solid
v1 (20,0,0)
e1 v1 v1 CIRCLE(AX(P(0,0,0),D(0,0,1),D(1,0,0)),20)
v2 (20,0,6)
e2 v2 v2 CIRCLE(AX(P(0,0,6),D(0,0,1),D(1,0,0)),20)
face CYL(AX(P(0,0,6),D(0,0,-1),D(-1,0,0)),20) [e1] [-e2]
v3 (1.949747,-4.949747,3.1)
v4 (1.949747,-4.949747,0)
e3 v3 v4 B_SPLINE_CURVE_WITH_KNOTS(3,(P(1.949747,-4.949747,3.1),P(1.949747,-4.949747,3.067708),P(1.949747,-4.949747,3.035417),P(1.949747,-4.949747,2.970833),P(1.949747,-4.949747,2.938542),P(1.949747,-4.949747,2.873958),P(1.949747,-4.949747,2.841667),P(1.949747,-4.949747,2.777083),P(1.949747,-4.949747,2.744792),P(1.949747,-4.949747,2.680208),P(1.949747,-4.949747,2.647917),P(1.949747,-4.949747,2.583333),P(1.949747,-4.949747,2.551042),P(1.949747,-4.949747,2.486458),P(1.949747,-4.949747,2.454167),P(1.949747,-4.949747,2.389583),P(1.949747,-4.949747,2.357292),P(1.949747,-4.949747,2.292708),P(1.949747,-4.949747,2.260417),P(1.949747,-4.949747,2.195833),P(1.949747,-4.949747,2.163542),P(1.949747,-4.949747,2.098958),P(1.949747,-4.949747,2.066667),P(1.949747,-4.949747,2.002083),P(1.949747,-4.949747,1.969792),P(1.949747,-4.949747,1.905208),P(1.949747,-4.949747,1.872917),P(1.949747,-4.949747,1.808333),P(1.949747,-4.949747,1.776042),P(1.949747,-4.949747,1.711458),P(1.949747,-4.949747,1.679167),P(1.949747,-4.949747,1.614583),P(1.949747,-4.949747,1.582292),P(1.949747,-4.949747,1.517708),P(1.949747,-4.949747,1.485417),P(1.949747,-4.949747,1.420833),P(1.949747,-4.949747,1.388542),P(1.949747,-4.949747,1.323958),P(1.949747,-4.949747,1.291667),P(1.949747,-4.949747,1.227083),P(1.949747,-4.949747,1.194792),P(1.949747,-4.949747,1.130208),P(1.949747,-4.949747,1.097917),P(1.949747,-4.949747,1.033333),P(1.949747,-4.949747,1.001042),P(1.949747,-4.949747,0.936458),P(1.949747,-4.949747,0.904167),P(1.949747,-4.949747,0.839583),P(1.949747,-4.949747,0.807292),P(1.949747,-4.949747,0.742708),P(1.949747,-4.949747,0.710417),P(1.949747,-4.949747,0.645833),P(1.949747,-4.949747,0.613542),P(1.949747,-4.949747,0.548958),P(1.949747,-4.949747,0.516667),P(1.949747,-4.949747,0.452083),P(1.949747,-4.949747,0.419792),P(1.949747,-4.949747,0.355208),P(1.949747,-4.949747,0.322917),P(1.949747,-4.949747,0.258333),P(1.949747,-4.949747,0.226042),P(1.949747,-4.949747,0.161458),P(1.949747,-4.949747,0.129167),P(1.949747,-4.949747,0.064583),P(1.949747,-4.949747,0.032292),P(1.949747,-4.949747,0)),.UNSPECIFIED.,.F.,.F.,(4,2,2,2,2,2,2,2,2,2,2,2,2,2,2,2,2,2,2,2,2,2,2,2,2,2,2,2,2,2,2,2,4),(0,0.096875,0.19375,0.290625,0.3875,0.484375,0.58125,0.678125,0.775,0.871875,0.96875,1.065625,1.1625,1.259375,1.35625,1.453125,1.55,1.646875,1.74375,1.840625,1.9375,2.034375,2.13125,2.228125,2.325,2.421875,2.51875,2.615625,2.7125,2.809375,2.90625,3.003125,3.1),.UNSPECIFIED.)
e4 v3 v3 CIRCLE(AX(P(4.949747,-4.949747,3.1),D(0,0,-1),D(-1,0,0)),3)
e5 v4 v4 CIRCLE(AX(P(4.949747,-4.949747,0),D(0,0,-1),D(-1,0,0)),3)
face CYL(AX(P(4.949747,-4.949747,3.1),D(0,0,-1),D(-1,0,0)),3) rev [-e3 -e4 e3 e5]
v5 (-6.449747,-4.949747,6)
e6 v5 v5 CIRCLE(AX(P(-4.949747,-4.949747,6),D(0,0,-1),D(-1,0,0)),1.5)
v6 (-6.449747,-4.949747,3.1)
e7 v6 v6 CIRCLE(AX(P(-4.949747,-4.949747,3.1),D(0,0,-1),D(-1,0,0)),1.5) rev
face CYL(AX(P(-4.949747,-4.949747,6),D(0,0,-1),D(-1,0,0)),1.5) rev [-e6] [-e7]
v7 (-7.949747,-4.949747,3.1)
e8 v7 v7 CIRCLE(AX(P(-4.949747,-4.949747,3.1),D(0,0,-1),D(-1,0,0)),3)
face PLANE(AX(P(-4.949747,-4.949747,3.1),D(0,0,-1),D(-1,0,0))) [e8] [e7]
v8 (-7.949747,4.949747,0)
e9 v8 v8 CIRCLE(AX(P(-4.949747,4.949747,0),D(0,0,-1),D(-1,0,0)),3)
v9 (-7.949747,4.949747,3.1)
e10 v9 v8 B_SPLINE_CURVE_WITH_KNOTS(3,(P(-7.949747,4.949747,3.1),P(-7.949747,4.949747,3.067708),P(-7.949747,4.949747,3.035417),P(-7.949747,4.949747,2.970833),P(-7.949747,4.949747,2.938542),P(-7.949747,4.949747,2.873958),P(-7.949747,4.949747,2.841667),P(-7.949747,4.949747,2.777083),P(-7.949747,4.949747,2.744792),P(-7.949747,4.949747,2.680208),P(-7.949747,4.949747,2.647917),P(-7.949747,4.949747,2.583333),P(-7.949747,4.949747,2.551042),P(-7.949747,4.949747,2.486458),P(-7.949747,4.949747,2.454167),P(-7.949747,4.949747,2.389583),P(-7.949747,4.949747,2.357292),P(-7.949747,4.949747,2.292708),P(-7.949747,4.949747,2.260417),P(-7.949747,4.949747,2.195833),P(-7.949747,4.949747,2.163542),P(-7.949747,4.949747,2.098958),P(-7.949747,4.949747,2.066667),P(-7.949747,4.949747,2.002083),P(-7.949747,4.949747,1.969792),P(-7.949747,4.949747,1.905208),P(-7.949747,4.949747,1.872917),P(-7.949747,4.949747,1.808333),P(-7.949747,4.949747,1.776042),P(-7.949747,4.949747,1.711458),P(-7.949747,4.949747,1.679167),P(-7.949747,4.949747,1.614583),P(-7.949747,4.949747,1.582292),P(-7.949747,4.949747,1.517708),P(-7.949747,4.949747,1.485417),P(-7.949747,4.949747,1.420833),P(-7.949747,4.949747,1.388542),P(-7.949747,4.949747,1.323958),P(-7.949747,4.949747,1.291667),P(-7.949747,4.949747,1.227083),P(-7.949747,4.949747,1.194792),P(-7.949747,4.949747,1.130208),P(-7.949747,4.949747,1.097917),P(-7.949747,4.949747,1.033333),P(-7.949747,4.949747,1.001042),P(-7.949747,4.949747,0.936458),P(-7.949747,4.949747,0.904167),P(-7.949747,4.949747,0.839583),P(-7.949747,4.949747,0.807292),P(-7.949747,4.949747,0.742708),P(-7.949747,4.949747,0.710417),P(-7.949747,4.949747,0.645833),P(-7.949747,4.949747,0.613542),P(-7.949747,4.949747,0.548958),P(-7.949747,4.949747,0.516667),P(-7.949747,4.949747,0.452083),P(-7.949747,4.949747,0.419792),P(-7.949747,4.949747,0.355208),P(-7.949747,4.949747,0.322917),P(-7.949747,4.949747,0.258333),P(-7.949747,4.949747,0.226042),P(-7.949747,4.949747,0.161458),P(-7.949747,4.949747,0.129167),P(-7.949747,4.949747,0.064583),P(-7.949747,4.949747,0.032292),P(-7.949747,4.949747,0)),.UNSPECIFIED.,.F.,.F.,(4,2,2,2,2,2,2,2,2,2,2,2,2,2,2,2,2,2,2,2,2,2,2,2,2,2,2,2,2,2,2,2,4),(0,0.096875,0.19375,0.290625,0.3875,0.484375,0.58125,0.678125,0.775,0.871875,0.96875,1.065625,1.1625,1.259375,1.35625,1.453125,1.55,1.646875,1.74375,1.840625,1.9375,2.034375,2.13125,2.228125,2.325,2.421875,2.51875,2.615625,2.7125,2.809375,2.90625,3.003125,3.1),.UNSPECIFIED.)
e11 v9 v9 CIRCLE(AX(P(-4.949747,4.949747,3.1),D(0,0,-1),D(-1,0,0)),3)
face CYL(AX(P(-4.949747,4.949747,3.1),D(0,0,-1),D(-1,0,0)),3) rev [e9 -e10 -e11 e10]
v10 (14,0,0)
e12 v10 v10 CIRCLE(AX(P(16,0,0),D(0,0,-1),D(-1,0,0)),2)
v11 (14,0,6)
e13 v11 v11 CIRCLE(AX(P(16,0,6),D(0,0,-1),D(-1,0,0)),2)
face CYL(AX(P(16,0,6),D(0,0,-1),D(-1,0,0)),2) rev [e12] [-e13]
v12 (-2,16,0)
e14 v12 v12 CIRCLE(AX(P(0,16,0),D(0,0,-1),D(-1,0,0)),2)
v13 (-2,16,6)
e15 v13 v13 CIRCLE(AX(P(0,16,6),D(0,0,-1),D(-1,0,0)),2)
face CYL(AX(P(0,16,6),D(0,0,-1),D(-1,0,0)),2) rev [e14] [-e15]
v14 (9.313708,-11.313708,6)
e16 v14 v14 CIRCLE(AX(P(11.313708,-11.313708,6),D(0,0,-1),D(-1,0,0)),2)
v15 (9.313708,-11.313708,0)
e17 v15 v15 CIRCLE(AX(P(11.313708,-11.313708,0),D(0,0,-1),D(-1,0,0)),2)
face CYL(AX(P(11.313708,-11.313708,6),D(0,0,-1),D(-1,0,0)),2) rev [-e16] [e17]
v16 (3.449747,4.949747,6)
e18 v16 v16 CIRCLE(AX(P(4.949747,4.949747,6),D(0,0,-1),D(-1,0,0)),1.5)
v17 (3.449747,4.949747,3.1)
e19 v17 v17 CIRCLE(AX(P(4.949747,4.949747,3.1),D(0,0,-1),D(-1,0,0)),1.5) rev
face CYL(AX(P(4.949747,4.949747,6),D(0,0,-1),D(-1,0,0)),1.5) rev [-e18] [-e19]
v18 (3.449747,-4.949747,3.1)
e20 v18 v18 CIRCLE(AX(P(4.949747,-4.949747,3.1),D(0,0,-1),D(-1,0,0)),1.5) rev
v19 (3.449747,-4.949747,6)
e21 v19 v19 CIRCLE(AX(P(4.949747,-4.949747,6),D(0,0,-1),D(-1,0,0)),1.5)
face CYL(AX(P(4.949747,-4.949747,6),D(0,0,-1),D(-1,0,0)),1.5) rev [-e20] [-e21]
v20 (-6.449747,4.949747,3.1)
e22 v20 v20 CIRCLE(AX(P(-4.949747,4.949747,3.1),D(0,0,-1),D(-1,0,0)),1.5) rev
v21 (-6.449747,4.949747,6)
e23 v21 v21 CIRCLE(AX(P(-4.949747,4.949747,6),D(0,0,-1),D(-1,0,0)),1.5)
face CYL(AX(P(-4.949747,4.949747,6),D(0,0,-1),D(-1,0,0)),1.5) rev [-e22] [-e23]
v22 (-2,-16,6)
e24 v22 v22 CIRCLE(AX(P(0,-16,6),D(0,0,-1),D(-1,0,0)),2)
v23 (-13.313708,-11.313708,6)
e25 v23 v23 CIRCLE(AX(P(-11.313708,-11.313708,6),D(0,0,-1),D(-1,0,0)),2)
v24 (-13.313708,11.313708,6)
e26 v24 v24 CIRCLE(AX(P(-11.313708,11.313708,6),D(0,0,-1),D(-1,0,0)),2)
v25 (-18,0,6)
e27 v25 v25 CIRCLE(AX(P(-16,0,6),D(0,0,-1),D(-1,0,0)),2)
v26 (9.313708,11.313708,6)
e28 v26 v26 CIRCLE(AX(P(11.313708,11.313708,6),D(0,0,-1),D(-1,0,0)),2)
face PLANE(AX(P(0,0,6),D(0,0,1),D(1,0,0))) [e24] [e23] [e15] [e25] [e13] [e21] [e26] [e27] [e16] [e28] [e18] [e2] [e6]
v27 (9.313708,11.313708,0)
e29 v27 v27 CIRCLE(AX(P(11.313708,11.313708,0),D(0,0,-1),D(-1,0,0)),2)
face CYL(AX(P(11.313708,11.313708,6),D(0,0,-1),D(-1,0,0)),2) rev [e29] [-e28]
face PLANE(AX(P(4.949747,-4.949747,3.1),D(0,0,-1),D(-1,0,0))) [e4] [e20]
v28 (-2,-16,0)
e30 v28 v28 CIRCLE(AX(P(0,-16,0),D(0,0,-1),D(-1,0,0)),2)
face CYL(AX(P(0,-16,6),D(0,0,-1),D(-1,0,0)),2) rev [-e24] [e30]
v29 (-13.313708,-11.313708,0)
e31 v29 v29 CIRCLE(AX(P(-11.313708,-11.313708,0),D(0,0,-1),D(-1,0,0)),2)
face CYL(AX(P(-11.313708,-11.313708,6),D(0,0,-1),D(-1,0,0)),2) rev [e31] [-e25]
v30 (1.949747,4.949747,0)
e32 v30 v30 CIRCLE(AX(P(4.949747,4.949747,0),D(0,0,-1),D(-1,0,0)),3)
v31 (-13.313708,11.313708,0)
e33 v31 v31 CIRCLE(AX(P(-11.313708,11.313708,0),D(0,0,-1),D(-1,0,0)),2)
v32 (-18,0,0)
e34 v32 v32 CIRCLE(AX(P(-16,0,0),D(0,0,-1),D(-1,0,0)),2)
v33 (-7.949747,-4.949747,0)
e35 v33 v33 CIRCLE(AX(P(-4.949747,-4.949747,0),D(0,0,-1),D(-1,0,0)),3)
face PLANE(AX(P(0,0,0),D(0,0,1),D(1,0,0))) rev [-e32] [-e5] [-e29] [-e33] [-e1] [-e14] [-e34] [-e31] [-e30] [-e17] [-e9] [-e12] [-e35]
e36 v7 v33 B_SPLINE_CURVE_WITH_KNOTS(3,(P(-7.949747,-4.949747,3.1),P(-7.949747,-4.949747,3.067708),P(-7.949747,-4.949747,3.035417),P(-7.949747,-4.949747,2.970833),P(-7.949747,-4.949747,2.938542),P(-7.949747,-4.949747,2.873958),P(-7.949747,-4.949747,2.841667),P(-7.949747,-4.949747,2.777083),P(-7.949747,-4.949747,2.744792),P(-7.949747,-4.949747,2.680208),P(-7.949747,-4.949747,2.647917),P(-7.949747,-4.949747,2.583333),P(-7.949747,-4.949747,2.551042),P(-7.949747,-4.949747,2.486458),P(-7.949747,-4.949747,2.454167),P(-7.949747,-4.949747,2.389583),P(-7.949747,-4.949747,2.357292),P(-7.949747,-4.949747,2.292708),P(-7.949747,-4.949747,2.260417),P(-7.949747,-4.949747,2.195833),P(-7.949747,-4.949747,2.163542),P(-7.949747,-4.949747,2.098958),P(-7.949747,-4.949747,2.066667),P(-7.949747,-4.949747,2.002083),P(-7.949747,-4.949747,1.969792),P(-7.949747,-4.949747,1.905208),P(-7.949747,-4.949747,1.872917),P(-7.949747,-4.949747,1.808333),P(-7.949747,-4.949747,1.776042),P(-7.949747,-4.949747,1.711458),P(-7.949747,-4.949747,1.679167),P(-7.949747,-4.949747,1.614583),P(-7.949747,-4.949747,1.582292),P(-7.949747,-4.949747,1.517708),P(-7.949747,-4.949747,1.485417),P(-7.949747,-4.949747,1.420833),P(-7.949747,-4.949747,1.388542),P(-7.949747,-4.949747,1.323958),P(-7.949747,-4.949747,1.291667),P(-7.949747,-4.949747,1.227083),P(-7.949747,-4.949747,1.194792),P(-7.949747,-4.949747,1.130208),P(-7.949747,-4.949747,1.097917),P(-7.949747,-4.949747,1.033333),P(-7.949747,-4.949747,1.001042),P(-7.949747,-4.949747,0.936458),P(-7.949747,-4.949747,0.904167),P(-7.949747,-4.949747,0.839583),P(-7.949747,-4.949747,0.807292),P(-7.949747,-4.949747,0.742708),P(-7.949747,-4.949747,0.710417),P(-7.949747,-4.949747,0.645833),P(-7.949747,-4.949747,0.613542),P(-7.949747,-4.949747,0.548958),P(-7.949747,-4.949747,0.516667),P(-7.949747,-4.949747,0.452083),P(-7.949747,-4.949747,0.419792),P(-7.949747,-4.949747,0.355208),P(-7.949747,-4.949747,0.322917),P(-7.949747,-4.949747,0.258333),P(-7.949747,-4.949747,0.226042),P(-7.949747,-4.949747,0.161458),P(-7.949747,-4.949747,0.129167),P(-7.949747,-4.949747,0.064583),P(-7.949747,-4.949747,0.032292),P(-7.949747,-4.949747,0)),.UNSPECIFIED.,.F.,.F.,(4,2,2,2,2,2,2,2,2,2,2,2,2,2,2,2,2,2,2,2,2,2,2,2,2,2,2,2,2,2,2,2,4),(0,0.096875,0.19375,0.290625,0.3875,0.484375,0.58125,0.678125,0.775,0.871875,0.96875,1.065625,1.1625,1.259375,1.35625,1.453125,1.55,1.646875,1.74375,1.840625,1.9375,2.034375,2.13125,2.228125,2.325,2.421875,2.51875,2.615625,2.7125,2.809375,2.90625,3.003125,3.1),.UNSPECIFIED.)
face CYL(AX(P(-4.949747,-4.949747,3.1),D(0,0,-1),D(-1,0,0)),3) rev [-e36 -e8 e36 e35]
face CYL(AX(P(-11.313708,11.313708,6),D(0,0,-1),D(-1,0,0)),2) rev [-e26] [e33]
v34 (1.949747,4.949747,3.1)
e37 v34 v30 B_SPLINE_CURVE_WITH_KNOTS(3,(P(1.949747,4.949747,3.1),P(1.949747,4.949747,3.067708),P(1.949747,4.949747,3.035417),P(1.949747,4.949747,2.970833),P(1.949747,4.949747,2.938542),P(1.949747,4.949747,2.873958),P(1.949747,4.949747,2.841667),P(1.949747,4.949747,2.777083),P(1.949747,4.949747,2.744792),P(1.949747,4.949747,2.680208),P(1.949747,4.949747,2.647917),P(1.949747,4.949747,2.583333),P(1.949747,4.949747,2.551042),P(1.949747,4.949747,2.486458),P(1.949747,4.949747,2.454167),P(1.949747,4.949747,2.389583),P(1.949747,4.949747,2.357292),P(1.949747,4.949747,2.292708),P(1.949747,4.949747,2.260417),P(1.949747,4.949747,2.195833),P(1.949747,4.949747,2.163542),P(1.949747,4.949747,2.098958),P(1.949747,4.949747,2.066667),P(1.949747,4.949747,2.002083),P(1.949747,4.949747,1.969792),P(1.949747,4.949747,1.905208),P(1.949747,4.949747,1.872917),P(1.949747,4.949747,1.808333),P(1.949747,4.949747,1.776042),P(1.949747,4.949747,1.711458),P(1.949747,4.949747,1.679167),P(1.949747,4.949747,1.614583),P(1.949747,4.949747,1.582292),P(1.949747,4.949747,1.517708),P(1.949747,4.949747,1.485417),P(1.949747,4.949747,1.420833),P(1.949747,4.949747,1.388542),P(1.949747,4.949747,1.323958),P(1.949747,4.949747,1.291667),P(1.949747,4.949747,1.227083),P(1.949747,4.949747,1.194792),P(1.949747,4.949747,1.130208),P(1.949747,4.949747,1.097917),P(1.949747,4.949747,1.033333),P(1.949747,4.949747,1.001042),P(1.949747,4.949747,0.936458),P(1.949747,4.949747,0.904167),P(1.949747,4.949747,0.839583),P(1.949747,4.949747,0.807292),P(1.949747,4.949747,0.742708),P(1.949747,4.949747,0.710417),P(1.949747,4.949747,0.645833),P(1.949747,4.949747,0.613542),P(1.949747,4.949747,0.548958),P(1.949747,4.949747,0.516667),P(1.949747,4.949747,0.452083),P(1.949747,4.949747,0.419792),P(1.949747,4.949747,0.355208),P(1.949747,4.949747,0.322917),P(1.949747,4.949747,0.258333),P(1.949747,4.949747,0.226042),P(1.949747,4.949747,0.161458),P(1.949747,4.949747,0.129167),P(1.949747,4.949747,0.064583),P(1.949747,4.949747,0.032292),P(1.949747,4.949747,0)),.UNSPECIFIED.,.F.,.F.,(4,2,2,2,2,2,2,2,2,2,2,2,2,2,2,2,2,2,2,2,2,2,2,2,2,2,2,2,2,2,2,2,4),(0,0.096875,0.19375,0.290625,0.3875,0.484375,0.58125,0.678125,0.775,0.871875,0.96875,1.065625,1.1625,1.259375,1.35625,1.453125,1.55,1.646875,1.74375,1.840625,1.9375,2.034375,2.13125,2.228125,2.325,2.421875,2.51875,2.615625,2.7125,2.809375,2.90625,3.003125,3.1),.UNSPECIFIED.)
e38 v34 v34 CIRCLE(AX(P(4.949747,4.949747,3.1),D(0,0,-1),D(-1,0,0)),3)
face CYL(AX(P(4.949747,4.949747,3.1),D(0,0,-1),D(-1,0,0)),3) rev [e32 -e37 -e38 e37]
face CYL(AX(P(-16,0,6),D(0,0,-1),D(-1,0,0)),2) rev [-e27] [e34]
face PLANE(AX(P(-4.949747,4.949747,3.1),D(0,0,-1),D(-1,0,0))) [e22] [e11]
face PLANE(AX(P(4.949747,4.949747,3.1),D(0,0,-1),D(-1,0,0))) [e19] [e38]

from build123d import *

# Parameters (mm, degrees)
SKETCH1_R           = 20
BOSS_EXTRUDE1_DEPTH = 6
SKETCH2_R           = 2
SKETCH2_R_2         = 1.5
CUT_EXTRUDE1_DEPTH  = 6
SKETCH4_R           = 3
CUT_EXTRUDE2_DEPTH  = 3.1


with BuildPart() as part:
    # Sketch1 → Boss-Extrude1 (new body)
    with BuildSketch(Plane.XY):
        Circle(SKETCH1_R)
    extrude(amount=BOSS_EXTRUDE1_DEPTH)

    # Sketch2 → Cut-Extrude1 (cut)
    with BuildSketch(Plane(origin=(0, 0, 0), x_dir=(-1, 0, 0), z_dir=(0, 0, -1))):
        with Locations((0, 16)):
            Circle(SKETCH2_R)
        with Locations((11.313708499, 11.313708499)):
            Circle(SKETCH2_R)
        with Locations((16, 0)):
            Circle(SKETCH2_R)
        with Locations((11.313708499, -11.313708499)):
            Circle(SKETCH2_R)
        with Locations((0, -16)):
            Circle(SKETCH2_R)
        with Locations((-11.313708499, -11.313708499)):
            Circle(SKETCH2_R)
        with Locations((-16, 0)):
            Circle(SKETCH2_R)
        with Locations((-11.313708499, 11.313708499)):
            Circle(SKETCH2_R)
        with Locations((-4.949747468, -4.949747468)):
            Circle(SKETCH2_R_2)
        with Locations((-4.949747468, 4.949747468)):
            Circle(SKETCH2_R_2)
        with Locations((4.949747468, 4.949747468)):
            Circle(SKETCH2_R_2)
        with Locations((4.949747468, -4.949747468)):
            Circle(SKETCH2_R_2)
    extrude(amount=-CUT_EXTRUDE1_DEPTH, mode=Mode.SUBTRACT)

    # Sketch4 → Cut-Extrude2 (cut)
    with BuildSketch(Plane(origin=(0, 0, 0), x_dir=(-1, 0, 0), z_dir=(0, 0, -1))):
        with Locations((-4.949747468, 4.949747468)):
            Circle(SKETCH4_R)
        with Locations((4.949747468, 4.949747468)):
            Circle(SKETCH4_R)
        with Locations((4.949747468, -4.949747468)):
            Circle(SKETCH4_R)
        with Locations((-4.949747468, -4.949747468)):
            Circle(SKETCH4_R)
    extrude(amount=-CUT_EXTRUDE2_DEPTH, mode=Mode.SUBTRACT)


solid = part.part
